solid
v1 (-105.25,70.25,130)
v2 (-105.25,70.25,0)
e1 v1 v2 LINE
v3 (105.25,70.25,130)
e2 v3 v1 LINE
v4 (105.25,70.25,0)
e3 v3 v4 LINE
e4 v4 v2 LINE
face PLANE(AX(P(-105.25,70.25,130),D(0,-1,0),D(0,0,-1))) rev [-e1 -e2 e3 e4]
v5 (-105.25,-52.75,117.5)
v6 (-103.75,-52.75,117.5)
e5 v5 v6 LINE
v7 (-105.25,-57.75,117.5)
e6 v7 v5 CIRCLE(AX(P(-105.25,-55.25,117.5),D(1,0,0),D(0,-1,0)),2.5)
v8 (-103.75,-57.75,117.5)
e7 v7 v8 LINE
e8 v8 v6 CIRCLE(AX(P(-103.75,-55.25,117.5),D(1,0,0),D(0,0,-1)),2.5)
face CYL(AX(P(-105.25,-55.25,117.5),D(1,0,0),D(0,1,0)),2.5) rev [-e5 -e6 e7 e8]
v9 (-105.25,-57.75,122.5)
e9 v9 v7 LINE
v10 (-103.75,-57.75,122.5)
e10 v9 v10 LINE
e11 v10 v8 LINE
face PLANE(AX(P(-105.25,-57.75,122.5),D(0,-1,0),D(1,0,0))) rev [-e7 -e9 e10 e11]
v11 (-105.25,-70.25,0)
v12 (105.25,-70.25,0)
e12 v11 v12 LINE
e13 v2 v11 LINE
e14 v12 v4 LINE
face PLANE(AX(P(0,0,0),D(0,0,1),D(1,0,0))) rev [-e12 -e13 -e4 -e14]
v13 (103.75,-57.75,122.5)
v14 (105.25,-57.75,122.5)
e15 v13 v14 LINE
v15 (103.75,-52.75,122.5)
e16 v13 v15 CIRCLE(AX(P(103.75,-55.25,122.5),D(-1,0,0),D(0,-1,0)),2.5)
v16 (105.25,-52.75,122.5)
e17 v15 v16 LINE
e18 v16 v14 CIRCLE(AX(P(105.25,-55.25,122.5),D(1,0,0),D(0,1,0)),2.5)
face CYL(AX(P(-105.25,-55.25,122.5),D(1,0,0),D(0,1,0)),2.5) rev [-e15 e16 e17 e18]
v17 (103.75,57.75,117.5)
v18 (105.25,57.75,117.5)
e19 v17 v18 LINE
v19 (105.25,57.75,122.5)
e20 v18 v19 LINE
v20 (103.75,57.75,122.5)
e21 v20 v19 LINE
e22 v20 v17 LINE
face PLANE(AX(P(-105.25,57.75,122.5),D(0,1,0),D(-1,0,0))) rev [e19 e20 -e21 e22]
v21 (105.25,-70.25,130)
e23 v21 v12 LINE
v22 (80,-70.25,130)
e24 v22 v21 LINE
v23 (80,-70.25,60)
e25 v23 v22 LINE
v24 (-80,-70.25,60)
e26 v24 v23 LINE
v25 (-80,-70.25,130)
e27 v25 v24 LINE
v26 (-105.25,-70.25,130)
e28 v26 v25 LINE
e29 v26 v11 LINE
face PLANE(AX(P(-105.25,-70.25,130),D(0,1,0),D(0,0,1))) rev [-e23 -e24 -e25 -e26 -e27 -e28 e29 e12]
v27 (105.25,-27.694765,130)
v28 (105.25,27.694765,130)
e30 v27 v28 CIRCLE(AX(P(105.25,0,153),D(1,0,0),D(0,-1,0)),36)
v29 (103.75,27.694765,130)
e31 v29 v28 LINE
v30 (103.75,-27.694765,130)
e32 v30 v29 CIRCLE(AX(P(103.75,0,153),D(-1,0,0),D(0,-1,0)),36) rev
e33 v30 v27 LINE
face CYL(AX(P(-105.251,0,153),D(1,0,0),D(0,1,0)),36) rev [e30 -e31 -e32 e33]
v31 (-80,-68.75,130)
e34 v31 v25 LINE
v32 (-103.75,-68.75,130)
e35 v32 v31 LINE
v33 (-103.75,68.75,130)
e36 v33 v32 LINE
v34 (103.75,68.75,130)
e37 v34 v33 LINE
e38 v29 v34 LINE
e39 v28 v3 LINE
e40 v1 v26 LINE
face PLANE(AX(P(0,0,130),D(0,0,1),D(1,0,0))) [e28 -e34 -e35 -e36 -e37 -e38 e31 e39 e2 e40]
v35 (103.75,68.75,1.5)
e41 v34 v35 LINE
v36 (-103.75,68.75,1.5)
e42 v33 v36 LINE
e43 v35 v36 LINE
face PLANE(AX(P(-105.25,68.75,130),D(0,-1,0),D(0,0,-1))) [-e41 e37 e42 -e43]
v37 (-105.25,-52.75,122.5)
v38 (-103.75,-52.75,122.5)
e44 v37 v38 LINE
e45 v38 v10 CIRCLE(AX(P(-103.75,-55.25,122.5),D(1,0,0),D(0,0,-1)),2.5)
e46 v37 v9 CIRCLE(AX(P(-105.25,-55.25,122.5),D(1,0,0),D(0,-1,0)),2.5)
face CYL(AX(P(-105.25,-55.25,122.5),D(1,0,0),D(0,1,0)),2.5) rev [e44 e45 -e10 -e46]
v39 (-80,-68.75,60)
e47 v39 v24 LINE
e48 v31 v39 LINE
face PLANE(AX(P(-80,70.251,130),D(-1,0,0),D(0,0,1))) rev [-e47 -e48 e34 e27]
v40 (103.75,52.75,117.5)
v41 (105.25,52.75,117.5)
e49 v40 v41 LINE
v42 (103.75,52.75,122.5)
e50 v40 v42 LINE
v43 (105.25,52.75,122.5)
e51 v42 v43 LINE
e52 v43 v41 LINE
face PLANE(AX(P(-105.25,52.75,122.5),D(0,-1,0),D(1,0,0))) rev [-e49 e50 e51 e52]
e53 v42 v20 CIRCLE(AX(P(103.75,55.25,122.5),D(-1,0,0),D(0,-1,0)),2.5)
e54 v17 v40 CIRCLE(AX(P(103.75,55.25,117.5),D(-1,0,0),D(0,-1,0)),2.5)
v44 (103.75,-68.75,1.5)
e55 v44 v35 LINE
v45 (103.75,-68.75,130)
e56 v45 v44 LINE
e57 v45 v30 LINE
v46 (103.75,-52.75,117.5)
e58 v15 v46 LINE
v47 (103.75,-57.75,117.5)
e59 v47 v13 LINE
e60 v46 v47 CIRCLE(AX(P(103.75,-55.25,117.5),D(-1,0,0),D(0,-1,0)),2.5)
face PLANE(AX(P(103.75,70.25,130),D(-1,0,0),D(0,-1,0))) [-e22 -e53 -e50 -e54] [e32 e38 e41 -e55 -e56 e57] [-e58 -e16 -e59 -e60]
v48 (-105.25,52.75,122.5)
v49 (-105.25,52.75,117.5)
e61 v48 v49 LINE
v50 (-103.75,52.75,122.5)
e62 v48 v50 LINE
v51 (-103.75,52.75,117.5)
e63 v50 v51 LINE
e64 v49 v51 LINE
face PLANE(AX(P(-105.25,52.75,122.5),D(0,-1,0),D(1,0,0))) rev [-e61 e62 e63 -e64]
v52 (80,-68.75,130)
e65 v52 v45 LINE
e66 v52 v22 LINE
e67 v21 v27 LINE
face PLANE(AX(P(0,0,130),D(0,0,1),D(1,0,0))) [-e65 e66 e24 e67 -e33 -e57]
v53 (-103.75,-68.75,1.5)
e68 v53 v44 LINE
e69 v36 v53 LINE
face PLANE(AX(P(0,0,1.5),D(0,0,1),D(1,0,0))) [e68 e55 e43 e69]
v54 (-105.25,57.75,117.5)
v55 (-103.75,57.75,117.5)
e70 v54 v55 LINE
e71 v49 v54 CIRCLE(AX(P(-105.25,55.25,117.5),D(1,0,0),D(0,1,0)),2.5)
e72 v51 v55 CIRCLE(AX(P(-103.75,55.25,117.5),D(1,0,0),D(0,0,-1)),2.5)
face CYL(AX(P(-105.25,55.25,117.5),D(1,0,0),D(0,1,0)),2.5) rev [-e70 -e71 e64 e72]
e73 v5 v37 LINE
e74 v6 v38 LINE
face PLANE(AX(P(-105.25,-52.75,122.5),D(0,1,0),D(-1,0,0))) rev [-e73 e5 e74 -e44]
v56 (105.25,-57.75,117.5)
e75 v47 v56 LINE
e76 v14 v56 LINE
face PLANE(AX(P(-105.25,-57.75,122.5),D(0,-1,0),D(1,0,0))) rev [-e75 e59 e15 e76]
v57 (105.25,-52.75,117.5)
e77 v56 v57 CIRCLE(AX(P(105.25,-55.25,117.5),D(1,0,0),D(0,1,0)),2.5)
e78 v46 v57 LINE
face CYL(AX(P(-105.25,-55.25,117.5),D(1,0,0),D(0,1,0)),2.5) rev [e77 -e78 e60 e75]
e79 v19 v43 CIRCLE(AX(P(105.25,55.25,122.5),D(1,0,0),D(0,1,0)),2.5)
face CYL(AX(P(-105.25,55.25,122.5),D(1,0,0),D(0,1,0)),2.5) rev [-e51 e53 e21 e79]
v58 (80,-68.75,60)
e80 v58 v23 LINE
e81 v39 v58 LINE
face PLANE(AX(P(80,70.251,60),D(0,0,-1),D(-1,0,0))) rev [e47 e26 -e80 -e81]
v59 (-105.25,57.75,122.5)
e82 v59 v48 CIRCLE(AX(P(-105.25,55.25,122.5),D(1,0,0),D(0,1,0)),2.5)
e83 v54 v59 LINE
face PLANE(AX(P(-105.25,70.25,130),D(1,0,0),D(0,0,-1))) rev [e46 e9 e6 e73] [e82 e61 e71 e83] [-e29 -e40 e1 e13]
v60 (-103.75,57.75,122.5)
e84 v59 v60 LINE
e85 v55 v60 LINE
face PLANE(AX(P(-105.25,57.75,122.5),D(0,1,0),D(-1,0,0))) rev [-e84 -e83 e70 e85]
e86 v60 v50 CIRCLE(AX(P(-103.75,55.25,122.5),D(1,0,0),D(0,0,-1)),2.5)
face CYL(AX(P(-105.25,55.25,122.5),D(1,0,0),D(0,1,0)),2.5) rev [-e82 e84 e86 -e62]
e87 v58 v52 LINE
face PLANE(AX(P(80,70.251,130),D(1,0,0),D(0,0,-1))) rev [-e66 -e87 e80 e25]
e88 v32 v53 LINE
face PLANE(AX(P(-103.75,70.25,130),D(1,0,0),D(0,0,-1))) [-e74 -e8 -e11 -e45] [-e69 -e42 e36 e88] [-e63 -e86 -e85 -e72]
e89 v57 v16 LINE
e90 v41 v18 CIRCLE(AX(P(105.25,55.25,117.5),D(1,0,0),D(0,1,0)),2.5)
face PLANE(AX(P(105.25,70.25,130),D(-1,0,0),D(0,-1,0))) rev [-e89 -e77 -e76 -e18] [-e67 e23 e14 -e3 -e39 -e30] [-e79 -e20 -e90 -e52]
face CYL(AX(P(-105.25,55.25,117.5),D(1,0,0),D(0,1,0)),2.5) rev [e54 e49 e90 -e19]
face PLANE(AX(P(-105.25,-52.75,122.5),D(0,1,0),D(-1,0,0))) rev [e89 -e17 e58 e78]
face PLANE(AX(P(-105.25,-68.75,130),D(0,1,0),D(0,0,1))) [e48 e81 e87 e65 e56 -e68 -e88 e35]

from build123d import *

# Parameters (mm, degrees)
SKETCH_1_W               = 210.5
SKETCH_1_H               = 140.5
EXTRUDE_1_DEPTH          = 130
SHELL_1_T                = -1.5
CUT_EXTRUDE_2_REACH      = 259.187
CUT_EXTRUDE_3_REACH      = 220.444
SKETCH_3_W               = 160
SKETCH_3_H               = 70
CUT_EXTRUDE_4_DEPTH      = 258.187310146
CUT_EXTRUDE_4_DEPTH_BACK = 258.187310146


with BuildPart() as part:
    # 草图1 → 凸台-拉伸1 (new body)
    with BuildSketch(Plane.XY):
        Rectangle(SKETCH_1_W, SKETCH_1_H)
    extrude(amount=EXTRUDE_1_DEPTH)

    # 抽壳1
    shell_1_openings = [part.faces().sort_by_distance(p)[0] for p in [
        (0, 0, 130),
    ]]
    offset(amount=SHELL_1_T, openings=shell_1_openings, kind=Kind.INTERSECTION)

    # 草图2 → 切除-拉伸2 (cut, up to next)
    with BuildSketch(Plane(origin=(105.25, 0, 0), x_dir=(0, 0, -1), z_dir=(1, 0, 0)), mode=Mode.PRIVATE) as cut_extrude_2_sk1:
        with BuildLine():
            Line((-130, 27.694764848), (-130, -27.694764848))
            ThreePointArc((-130, -27.694764848), (-117, 0), (-130, 27.694764848))
        make_face()
    cut_extrude_2_tool1 = extrude(cut_extrude_2_sk1.sketch, amount=-CUT_EXTRUDE_2_REACH, mode=Mode.PRIVATE) & part.part
    add(cut_extrude_2_tool1.solids().sort_by_distance((105.25, 0, 124.710058))[0], mode=Mode.SUBTRACT)

    # 草图3 → 切除-拉伸3 (cut, up to next)
    with BuildSketch(Plane.XZ.offset(70.25), mode=Mode.PRIVATE) as cut_extrude_3_sk1:
        with Locations((0, 95)):
            Rectangle(SKETCH_3_W, SKETCH_3_H)
    cut_extrude_3_tool1 = extrude(cut_extrude_3_sk1.sketch, amount=-CUT_EXTRUDE_3_REACH, mode=Mode.PRIVATE) & part.part
    add(cut_extrude_3_tool1.solids().sort_by_distance((0, -70.25, 95))[0], mode=Mode.SUBTRACT)

    # 草图4 → 切除-拉伸4 (cut, two sides: drawn at the far end of the back side and taken through both)
    with BuildSketch(Plane(origin=(105.25, 0, 0), x_dir=(0, 0, -1), z_dir=(1, 0, 0)).offset(-CUT_EXTRUDE_4_DEPTH_BACK)):
        with BuildLine():
            Line((-122.5, 57.75), (-117.5, 57.75))
            ThreePointArc((-117.5, 57.75), (-115, 55.25), (-117.5, 52.75))
            Line((-117.5, 52.75), (-122.5, 52.75))
            ThreePointArc((-122.5, 52.75), (-125, 55.25), (-122.5, 57.75))
        make_face()
        with BuildLine():
            Line((-122.5, -57.75), (-117.5, -57.75))
            ThreePointArc((-117.5, -57.75), (-115, -55.25), (-117.5, -52.75))
            Line((-117.5, -52.75), (-122.5, -52.75))
            ThreePointArc((-122.5, -52.75), (-125, -55.25), (-122.5, -57.75))
        make_face()
    extrude(amount=CUT_EXTRUDE_4_DEPTH + CUT_EXTRUDE_4_DEPTH_BACK, mode=Mode.SUBTRACT)


solid = part.part
